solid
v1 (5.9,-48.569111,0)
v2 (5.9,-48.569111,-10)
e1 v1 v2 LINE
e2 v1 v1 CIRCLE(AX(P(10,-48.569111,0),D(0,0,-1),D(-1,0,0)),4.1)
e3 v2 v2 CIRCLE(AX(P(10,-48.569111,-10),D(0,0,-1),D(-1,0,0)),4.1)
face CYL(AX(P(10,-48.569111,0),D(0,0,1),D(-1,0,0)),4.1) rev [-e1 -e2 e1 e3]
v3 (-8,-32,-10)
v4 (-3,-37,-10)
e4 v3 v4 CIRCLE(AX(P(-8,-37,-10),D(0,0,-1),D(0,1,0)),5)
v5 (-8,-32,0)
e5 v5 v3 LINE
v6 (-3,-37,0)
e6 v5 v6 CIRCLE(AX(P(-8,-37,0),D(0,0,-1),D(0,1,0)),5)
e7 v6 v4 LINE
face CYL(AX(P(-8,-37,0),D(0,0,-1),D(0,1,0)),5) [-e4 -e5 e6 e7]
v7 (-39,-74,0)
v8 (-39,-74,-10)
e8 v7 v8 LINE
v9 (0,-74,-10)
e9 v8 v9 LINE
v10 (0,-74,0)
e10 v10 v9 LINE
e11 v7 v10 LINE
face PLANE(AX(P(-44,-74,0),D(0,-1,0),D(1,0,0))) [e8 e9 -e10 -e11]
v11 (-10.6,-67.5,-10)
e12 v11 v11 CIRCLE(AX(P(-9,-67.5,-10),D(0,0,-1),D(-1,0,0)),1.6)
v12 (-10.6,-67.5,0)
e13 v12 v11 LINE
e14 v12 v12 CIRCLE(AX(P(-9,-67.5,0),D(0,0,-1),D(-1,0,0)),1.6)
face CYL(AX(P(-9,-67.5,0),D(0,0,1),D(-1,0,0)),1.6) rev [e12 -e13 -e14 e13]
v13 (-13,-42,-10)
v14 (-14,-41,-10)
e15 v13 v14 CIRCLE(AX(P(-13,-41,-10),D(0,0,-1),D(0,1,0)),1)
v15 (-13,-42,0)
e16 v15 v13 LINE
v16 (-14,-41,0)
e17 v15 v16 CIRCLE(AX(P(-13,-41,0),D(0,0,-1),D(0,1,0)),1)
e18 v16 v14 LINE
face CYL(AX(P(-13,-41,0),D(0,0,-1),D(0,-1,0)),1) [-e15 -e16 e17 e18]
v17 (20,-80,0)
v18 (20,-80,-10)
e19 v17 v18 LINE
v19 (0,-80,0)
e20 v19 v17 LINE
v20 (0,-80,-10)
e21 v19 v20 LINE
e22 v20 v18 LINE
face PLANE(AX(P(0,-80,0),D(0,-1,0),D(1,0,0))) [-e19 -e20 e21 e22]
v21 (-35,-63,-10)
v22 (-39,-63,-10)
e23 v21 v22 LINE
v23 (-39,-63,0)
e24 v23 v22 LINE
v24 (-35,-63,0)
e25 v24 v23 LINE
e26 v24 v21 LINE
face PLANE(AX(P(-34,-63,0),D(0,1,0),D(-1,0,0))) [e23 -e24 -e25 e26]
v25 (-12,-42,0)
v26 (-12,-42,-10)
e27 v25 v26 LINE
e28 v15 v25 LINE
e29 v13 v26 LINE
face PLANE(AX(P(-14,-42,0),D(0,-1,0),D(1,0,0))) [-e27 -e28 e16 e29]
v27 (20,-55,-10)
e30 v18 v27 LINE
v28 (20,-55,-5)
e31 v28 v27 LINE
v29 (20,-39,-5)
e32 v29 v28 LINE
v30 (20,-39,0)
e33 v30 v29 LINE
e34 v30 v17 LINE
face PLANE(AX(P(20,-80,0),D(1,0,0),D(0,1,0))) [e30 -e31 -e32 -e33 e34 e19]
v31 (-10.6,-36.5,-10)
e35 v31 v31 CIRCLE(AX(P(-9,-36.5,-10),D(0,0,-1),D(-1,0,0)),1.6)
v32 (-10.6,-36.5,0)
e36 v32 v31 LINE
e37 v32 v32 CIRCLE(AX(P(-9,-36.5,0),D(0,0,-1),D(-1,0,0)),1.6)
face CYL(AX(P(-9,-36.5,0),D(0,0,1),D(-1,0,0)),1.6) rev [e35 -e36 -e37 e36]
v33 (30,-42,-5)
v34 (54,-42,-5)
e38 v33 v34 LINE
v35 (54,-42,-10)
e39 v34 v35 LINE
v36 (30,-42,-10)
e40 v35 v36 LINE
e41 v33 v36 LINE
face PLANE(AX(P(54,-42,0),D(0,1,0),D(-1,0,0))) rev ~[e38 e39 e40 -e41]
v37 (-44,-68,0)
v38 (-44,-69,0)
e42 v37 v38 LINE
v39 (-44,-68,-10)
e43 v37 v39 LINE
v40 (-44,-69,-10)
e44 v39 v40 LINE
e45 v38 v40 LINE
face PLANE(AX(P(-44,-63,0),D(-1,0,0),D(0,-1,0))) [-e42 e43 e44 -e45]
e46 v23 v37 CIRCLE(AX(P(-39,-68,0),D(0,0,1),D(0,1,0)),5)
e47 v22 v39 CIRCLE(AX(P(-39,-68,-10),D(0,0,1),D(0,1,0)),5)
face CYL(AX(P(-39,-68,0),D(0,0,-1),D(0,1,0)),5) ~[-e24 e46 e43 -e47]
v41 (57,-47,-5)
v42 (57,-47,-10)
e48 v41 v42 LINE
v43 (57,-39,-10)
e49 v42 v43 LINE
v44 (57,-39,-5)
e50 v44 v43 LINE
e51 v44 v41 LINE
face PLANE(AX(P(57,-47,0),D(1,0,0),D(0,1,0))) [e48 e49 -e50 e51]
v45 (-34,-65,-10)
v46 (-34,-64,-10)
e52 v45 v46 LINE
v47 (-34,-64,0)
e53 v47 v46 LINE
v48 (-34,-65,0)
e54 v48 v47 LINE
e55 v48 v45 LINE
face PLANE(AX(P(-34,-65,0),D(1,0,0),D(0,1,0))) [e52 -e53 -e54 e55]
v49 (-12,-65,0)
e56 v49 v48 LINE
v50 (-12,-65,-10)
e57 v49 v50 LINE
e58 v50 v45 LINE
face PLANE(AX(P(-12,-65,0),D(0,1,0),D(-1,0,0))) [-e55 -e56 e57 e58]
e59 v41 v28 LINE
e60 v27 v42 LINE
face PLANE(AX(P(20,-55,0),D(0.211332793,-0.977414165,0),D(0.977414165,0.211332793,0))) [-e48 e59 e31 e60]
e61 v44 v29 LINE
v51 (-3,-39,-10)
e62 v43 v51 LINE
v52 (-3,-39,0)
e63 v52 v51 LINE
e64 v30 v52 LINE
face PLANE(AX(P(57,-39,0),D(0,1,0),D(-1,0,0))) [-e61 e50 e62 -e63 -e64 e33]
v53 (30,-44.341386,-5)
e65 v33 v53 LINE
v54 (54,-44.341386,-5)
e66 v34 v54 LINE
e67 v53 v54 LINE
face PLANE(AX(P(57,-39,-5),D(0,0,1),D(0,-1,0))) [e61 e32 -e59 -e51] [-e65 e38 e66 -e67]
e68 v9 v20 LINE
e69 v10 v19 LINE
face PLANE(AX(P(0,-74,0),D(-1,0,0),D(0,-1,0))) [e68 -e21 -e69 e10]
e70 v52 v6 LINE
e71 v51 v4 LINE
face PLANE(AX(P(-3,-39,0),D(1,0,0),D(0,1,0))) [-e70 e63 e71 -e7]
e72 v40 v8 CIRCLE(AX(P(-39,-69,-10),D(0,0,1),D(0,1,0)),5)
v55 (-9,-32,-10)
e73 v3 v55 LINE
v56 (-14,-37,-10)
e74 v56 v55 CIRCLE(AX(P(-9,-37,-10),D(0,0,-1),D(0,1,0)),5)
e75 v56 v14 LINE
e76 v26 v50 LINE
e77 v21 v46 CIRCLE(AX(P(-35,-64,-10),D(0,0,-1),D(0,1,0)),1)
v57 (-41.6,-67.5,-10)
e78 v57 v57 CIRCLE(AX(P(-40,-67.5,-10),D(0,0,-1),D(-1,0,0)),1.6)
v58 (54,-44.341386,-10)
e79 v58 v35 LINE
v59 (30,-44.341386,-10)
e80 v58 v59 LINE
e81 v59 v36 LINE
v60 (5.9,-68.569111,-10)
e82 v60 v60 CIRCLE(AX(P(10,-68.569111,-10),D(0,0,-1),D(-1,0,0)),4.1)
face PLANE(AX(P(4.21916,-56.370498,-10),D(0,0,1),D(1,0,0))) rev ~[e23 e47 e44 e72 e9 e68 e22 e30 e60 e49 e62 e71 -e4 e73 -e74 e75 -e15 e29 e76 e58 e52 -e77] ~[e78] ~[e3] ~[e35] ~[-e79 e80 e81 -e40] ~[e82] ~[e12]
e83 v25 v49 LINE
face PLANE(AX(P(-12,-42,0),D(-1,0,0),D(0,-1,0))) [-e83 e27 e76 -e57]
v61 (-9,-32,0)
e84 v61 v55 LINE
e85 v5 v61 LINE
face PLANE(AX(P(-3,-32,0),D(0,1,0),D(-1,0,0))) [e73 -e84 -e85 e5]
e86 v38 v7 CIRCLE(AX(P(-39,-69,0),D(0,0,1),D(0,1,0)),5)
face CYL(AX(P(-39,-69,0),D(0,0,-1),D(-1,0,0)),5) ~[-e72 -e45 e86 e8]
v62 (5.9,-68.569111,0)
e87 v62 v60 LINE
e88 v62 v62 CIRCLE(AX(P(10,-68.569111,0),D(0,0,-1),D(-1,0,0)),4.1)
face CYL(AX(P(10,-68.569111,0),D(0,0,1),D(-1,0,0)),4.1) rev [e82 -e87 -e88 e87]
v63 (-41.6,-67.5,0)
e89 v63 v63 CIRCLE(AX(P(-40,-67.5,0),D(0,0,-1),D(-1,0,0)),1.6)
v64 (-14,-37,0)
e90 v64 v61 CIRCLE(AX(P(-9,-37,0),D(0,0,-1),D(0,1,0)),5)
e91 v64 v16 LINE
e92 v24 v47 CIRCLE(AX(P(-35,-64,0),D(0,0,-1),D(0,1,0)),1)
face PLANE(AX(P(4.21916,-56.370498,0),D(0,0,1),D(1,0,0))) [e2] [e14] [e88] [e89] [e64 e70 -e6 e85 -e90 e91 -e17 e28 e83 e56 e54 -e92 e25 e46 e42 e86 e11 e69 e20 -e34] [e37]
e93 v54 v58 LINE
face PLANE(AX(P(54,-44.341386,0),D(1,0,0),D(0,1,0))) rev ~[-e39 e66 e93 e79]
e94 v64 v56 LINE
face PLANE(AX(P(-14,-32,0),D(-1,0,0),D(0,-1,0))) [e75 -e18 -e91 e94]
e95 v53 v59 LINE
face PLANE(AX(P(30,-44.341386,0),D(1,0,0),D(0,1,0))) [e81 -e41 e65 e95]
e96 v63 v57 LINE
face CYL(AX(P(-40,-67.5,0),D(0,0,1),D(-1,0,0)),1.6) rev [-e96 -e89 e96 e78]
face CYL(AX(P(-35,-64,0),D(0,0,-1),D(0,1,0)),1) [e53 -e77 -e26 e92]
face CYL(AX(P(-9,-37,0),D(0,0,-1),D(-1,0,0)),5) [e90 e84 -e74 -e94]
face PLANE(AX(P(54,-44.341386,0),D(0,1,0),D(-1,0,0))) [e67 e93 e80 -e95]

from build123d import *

# Parameters (mm, degrees)
SKETCH_R     = 4.1
SKETCH_R_2   = 1.6
SKETCH_W     = 24
SKETCH_H     = 2.341385
PAD_DEPTH    = 10
SKETCH001_W  = 16
SKETCH001_H  = 5
POCKET_DEPTH = 37
FILLET_R     = 5
FILLET001_R  = 1


with BuildPart() as part:
    # Sketch → Pad (new body)
    with BuildSketch(Plane(origin=(0, -80, 0), x_dir=(-1, 0, 0), z_dir=(0, 0, -1))):
        Polygon((0, 0), (-20, 0), (-20, 25), (-57, 33), (-57, 41), (3, 41), (3, 48), (14, 48), (14, 38), (12, 38), (12, 15), (34, 15), (34, 17), (44, 17), (44, 6), (0, 6), align=None)
        with Locations((-10, 11.430889)):
            Circle(SKETCH_R, mode=Mode.SUBTRACT)
        with Locations((-10, 31.430889)):
            Circle(SKETCH_R, mode=Mode.SUBTRACT)
        with Locations((9, 43.5)):
            Circle(SKETCH_R_2, mode=Mode.SUBTRACT)
        with Locations((9, 12.5)):
            Circle(SKETCH_R_2, mode=Mode.SUBTRACT)
        with Locations((40, 12.5)):
            Circle(SKETCH_R_2, mode=Mode.SUBTRACT)
        with Locations((-42, 36.829307)):
            Rectangle(SKETCH_W, SKETCH_H, mode=Mode.SUBTRACT)
    extrude(amount=PAD_DEPTH)

    # Sketch001 → Pocket (cut)
    with BuildSketch(Plane(origin=(57, -80, 0), x_dir=(0, -1, 0), z_dir=(1, 0, 0))):
        with Locations((-33, 2.5)):
            Rectangle(SKETCH001_W, SKETCH001_H)
    extrude(amount=-POCKET_DEPTH, mode=Mode.SUBTRACT)

    # Fillet
    fillet_edges = [part.edges().sort_by_distance(p)[0] for p in [
        (-44, -74, -5),
        (-44, -63, -5),
        (-14, -32, -5),
        (-3, -32, -5),
    ]]
    fillet(fillet_edges, radius=FILLET_R)

    # Fillet001
    fillet001_edges = [part.edges().sort_by_distance(p)[0] for p in [
        (-34, -63, -5),
        (-14, -42, -5),
    ]]
    fillet(fillet001_edges, radius=FILLET001_R)


solid = part.part
